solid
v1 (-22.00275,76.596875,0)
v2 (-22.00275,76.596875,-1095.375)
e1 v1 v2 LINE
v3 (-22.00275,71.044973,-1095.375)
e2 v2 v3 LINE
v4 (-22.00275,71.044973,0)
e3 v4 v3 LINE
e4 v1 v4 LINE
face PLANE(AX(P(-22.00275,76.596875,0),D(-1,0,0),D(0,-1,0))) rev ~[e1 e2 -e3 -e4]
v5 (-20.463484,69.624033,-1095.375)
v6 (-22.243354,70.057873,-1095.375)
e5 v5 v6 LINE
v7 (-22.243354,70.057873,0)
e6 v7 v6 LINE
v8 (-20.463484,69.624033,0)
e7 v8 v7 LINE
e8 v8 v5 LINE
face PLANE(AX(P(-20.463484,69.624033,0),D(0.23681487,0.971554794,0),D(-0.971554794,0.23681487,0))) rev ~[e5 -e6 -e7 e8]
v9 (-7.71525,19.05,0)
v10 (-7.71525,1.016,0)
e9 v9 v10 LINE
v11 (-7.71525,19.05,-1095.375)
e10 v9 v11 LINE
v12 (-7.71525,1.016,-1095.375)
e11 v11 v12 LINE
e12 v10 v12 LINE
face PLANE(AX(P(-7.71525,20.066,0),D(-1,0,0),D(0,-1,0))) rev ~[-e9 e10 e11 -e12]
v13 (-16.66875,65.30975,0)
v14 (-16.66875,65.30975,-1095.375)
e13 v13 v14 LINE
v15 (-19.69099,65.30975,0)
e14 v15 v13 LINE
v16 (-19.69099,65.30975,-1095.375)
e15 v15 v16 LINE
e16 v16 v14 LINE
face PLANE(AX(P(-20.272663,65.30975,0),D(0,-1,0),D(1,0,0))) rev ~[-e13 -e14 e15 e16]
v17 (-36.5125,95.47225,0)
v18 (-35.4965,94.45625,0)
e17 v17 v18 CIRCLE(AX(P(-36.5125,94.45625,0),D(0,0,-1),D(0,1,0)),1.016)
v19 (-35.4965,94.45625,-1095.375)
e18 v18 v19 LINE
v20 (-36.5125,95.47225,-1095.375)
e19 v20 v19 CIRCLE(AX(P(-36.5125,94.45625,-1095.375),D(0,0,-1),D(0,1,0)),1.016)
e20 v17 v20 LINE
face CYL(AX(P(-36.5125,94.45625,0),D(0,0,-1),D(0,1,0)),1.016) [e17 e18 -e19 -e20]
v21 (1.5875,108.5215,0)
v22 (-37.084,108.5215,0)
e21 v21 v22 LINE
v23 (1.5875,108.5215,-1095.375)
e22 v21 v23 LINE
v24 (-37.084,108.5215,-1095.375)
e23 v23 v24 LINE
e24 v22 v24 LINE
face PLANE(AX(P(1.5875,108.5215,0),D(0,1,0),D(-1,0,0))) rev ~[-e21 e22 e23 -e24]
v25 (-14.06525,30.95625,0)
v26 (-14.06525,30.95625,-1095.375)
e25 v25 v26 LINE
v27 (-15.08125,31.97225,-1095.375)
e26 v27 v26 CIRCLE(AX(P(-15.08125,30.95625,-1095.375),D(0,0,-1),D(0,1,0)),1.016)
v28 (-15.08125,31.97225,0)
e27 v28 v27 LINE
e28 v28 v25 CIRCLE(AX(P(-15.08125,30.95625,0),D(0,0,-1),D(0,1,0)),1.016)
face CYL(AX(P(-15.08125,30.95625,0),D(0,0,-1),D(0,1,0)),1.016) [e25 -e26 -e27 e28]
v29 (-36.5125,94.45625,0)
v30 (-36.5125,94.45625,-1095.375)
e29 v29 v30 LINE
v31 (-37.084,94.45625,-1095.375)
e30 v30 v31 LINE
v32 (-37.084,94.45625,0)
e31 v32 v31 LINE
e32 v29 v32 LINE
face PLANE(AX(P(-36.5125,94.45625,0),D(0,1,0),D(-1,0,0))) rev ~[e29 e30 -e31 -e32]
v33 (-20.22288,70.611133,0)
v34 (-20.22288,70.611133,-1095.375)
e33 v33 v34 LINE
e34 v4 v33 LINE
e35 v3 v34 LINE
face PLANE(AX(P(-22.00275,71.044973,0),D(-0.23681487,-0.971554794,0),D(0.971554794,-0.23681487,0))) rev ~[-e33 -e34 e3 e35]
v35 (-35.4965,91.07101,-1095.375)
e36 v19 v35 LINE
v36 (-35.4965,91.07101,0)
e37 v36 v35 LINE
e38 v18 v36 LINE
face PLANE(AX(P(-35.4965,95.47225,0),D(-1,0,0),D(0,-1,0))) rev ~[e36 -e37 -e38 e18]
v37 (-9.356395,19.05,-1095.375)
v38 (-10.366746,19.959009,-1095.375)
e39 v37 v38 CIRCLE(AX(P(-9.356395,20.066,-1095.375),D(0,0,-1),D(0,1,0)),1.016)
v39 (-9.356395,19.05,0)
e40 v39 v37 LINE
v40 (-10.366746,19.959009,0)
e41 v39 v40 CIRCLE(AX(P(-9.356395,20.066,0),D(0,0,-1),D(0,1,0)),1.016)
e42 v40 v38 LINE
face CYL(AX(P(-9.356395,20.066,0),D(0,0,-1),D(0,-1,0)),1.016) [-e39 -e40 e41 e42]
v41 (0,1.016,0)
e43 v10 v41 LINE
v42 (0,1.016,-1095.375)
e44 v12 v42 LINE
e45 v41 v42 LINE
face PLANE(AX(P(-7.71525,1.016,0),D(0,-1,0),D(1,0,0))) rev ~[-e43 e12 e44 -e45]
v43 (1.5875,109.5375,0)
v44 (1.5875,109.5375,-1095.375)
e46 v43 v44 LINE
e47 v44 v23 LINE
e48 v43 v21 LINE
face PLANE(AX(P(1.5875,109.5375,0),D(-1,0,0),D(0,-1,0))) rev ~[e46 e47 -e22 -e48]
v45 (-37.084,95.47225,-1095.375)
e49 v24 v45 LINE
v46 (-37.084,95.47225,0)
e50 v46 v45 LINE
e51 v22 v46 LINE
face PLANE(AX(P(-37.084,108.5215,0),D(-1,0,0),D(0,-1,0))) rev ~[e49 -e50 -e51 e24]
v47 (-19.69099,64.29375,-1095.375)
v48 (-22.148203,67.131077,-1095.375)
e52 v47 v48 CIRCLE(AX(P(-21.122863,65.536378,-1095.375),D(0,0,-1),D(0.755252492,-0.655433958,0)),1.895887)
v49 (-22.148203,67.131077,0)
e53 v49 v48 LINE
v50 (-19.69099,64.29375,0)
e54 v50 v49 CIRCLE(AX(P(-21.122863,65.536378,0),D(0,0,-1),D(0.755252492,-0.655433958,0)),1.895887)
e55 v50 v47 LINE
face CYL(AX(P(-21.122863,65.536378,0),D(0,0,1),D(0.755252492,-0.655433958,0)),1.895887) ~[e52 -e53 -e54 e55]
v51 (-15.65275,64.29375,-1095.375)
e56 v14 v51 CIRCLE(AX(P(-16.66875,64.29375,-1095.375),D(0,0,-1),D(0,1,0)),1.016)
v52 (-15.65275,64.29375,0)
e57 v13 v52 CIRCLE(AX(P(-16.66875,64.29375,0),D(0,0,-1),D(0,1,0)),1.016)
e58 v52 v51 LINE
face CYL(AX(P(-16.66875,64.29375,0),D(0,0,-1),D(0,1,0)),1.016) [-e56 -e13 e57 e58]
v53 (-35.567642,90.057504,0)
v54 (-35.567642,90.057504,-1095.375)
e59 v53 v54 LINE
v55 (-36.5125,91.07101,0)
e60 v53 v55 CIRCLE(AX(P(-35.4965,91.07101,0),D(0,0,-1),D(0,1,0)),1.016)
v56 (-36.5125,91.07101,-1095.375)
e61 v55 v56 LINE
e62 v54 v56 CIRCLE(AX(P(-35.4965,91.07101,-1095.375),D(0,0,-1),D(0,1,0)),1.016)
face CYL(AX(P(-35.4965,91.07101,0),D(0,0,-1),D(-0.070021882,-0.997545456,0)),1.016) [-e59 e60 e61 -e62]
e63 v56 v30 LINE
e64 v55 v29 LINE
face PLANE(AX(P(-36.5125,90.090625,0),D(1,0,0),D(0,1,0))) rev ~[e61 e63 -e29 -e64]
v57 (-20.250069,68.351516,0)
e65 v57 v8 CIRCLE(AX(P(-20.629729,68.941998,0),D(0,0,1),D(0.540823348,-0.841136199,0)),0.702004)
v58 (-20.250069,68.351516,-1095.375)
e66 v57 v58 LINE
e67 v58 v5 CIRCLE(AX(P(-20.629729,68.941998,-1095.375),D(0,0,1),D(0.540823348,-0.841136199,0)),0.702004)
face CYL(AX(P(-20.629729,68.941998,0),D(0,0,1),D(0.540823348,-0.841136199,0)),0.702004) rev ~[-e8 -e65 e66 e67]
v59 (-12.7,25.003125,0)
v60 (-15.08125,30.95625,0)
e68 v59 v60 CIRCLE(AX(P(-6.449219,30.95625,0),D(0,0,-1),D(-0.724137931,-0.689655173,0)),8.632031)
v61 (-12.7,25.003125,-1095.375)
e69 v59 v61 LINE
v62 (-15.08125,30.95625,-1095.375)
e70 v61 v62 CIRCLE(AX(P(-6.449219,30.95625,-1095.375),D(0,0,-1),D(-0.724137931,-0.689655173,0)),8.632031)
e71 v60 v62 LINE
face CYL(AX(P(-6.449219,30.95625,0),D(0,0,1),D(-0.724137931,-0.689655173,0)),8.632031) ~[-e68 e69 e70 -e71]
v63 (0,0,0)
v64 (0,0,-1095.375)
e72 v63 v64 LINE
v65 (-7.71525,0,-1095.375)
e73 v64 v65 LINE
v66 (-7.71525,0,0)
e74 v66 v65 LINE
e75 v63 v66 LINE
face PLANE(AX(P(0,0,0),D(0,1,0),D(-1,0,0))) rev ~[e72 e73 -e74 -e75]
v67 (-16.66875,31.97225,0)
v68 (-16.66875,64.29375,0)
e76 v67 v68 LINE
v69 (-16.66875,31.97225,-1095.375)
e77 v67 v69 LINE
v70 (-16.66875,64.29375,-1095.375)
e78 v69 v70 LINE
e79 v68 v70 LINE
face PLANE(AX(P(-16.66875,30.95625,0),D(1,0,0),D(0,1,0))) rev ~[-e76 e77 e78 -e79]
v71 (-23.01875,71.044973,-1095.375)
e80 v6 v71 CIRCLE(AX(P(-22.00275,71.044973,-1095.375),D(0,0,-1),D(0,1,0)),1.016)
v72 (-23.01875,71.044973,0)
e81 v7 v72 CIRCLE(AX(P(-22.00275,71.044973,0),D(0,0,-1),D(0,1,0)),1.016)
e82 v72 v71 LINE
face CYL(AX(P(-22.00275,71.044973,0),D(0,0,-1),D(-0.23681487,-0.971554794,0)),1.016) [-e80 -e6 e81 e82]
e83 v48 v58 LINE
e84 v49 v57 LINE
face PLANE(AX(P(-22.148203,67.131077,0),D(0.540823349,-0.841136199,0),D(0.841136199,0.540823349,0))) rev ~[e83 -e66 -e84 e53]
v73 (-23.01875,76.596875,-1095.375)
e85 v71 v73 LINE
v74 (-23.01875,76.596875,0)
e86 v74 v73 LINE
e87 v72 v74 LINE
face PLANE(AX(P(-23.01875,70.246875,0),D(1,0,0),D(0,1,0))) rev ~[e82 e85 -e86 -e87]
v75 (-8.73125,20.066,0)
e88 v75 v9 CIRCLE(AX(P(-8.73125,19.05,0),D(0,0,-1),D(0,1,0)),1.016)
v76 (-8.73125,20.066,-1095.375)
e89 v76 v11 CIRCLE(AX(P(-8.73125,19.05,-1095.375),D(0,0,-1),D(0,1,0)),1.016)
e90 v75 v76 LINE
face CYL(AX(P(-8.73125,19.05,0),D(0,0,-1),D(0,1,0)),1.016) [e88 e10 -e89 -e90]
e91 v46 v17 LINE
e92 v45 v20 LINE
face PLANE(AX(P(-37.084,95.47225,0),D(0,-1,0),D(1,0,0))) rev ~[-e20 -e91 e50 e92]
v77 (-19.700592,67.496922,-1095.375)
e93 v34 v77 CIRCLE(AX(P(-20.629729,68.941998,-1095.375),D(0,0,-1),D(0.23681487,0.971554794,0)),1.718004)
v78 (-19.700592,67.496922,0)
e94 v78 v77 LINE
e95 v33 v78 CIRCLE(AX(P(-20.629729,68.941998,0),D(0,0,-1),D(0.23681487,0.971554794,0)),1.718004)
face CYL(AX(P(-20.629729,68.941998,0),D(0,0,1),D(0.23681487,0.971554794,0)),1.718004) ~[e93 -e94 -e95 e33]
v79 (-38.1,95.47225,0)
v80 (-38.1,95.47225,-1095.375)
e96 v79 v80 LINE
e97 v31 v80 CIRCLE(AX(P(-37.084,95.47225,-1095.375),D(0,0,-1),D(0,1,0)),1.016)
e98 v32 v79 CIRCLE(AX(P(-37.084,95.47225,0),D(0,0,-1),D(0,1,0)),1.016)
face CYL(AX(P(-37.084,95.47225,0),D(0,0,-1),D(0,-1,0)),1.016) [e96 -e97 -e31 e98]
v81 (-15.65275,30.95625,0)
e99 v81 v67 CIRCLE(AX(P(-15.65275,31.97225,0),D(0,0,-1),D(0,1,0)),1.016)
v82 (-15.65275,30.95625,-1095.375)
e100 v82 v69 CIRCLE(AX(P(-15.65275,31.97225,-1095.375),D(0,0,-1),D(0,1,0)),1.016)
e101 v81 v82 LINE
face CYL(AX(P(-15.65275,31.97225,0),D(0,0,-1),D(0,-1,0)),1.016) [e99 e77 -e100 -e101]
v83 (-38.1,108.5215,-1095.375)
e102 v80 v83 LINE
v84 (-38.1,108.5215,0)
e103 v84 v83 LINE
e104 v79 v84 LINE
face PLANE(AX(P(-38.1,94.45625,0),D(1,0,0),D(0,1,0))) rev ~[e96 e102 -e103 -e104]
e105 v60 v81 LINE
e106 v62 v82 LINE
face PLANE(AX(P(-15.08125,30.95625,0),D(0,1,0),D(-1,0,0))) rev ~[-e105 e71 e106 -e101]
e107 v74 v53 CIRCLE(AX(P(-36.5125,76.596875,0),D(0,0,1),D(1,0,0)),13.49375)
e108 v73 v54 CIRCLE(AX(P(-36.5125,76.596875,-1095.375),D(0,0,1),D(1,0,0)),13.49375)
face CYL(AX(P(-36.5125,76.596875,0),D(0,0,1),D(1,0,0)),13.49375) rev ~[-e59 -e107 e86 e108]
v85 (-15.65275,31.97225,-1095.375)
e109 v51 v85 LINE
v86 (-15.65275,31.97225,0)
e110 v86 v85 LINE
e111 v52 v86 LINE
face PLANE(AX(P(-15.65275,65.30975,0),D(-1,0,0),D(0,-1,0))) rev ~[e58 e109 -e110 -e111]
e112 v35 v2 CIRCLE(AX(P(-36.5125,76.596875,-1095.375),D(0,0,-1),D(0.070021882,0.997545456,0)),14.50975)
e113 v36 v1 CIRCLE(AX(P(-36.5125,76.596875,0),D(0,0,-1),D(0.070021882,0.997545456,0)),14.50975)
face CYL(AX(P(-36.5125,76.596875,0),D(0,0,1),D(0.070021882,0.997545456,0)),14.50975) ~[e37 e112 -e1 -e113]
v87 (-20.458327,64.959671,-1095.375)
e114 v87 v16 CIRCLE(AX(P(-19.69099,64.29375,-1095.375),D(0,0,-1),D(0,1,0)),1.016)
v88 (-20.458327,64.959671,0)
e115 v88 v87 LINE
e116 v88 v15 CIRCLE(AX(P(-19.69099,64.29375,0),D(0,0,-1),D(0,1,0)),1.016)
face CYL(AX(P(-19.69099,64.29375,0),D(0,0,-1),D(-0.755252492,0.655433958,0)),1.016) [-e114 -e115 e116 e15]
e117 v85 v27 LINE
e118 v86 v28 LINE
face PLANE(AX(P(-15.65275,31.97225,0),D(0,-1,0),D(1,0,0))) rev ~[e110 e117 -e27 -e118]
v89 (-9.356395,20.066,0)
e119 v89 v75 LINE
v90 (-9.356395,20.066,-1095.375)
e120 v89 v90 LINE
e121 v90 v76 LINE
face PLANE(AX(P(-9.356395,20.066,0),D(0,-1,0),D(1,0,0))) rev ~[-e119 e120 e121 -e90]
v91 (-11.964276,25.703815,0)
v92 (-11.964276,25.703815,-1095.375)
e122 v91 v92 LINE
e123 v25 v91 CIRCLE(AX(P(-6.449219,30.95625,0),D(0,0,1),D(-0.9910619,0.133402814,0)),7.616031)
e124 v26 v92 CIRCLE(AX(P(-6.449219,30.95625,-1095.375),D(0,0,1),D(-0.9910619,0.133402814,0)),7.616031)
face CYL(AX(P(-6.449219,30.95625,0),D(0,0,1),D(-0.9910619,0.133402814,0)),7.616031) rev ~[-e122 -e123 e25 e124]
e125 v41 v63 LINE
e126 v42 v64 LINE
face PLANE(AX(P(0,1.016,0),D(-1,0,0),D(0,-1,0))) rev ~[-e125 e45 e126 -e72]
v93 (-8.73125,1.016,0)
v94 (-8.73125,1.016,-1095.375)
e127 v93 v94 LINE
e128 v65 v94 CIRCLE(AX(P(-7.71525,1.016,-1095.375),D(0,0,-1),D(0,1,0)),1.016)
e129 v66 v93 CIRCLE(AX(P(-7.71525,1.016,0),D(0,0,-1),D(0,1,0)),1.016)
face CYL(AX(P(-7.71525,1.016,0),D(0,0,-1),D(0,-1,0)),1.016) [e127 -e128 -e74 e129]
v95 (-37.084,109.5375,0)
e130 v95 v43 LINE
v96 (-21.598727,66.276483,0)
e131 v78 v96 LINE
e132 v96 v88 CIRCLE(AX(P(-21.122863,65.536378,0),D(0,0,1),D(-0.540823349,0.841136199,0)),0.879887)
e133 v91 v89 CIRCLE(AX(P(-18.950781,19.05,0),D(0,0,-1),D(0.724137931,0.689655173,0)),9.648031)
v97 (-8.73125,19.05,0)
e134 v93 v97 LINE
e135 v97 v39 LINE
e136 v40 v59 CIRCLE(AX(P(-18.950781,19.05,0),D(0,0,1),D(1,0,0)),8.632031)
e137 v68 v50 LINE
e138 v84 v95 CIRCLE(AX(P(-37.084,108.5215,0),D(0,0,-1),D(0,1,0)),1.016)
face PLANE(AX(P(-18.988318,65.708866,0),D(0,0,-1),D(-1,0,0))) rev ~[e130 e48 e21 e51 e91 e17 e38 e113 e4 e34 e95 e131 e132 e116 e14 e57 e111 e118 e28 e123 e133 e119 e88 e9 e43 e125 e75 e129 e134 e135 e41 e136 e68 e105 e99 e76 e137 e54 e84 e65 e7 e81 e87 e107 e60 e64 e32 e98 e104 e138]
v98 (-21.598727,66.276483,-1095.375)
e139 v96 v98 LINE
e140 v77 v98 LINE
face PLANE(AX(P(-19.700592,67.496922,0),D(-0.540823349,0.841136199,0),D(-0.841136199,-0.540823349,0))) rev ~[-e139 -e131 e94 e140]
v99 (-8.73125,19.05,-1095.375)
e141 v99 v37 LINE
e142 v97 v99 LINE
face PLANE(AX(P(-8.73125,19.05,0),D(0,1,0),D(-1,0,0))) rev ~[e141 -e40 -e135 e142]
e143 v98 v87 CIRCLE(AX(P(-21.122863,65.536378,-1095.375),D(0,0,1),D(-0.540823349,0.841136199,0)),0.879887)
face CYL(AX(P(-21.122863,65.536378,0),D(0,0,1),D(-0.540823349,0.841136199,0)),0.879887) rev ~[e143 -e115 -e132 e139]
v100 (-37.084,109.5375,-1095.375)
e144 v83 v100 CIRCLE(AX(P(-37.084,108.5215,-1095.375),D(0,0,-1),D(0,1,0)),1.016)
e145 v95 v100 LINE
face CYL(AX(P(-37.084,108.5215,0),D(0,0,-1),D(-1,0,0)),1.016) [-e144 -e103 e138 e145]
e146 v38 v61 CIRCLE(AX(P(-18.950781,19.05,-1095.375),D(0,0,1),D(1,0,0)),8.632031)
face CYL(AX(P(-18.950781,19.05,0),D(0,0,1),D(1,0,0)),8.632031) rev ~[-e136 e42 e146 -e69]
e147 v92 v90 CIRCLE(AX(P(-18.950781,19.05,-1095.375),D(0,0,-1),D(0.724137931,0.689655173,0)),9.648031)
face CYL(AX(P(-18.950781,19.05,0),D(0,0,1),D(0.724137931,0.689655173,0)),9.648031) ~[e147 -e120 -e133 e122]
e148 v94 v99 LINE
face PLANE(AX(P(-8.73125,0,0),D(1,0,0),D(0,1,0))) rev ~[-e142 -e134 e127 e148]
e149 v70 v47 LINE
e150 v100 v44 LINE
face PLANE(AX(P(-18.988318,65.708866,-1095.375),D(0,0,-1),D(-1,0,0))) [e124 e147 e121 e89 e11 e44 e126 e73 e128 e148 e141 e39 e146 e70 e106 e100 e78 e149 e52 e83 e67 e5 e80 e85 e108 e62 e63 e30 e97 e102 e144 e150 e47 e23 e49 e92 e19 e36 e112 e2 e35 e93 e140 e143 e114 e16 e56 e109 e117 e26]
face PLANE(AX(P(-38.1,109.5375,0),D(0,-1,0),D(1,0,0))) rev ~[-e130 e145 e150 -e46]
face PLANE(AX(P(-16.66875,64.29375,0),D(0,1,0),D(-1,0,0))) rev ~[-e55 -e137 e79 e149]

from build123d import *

# Parameters (mm, degrees)
EXTRUDE_THIN1_DEPTH = 1095.375
FILLET1_R           = 1.016


with BuildPart() as part:
    # Sketch1 → Extrude-Thin1 (new body)
    with BuildSketch(Plane.XY):
        with BuildLine():
            Line((0, 0), (-8.73125, 0))
            Line((-8.73125, 0), (-8.73125, 19.05))
            Line((-8.73125, 19.05), (-10.31875, 19.05))
            ThreePointArc((-10.31875, 19.05), (-10.936141439, 22.255855924), (-12.7, 25.003125))
            ThreePointArc((-12.7, 25.003125), (-14.463858561, 27.750394076), (-15.08125, 30.95625))
            Line((-15.08125, 30.95625), (-16.66875, 30.95625))
            Line((-16.66875, 30.95625), (-16.66875, 64.29375))
            Line((-16.66875, 64.29375), (-19.690990213, 64.29375))
            ThreePointArc((-19.690990213, 64.29375), (-22.556015121, 64.295224921), (-22.148203112, 67.131077398))
            Line((-22.148203112, 67.131077398), (-20.250068746, 68.351516354))
            ThreePointArc((-20.250068746, 68.351516354), (-19.937393927, 69.05810986), (-20.463483992, 69.624033147))
            Line((-20.463483992, 69.624033147), (-23.01875, 70.246875))
            Line((-23.01875, 70.246875), (-23.01875, 76.596875))
            ThreePointArc((-23.01875, 76.596875), (-26.970977871, 86.138397129), (-36.5125, 90.090625))
            Line((-36.5125, 90.090625), (-36.5125, 94.45625))
            Line((-36.5125, 94.45625), (-38.1, 94.45625))
            Line((-38.1, 94.45625), (-38.1, 109.5375))
            Line((-38.1, 109.5375), (1.5875, 109.5375))
            Line((1.5875, 109.5375), (1.5875, 108.5215))
            Line((1.5875, 108.5215), (-37.084, 108.5215))
            Line((-37.084, 108.5215), (-37.084, 95.47225))
            Line((-37.084, 95.47225), (-35.4965, 95.47225))
            Line((-35.4965, 95.47225), (-35.4965, 91.071010175))
            ThreePointArc((-35.4965, 91.071010175), (-25.899424313, 86.491088942), (-22.00275, 76.596875))
            Line((-22.00275, 76.596875), (-22.00275, 71.044973159))
            Line((-22.00275, 71.044973159), (-20.222880084, 70.611132818))
            ThreePointArc((-20.222880084, 70.611132818), (-18.935387932, 69.226157431), (-19.700592224, 67.496921976))
            Line((-19.700592224, 67.496921976), (-21.59872659, 66.27648302))
            ThreePointArc((-21.59872659, 66.27648302), (-21.64120221, 64.825375438), (-20.272663327, 65.30975))
            Line((-20.272663327, 65.30975), (-15.65275, 65.30975))
            Line((-15.65275, 65.30975), (-15.65275, 31.97225))
            Line((-15.65275, 31.97225), (-13.99717715, 31.97225))
            ThreePointArc((-13.99717715, 31.97225), (-13.693796997, 28.60677814), (-11.964275862, 25.703814655))
            ThreePointArc((-11.964275862, 25.703814655), (-10.194199045, 23.100527755), (-9.356394818, 20.066))
            Line((-9.356394818, 20.066), (-7.71525, 20.066))
            Line((-7.71525, 20.066), (-7.71525, 1.016))
            Line((-7.71525, 1.016), (0, 1.016))
            Line((0, 1.016), (0, 0))
        make_face()
    extrude(amount=-EXTRUDE_THIN1_DEPTH)

    # Fillet1
    fillet1_edges = [part.edges().sort_by_distance(p)[0] for p in [
        (-35.4965, 95.47225, -547.6875),
        (-20.272663327, 65.30975, -547.6875),
        (-15.65275, 65.30975, -547.6875),
        (-13.99717715, 31.97225, -547.6875),
        (-7.71525, 20.066, -547.6875),
        (-8.73125, 0, -547.6875),
        (-10.31875, 19.05, -547.6875),
        (-16.66875, 30.95625, -547.6875),
        (-23.01875, 70.246875, -547.6875),
        (-36.5125, 90.090625, -547.6875),
        (-38.1, 94.45625, -547.6875),
        (-38.1, 109.5375, -547.6875),
    ]]
    fillet(fillet1_edges, radius=FILLET1_R)


solid = part.part
